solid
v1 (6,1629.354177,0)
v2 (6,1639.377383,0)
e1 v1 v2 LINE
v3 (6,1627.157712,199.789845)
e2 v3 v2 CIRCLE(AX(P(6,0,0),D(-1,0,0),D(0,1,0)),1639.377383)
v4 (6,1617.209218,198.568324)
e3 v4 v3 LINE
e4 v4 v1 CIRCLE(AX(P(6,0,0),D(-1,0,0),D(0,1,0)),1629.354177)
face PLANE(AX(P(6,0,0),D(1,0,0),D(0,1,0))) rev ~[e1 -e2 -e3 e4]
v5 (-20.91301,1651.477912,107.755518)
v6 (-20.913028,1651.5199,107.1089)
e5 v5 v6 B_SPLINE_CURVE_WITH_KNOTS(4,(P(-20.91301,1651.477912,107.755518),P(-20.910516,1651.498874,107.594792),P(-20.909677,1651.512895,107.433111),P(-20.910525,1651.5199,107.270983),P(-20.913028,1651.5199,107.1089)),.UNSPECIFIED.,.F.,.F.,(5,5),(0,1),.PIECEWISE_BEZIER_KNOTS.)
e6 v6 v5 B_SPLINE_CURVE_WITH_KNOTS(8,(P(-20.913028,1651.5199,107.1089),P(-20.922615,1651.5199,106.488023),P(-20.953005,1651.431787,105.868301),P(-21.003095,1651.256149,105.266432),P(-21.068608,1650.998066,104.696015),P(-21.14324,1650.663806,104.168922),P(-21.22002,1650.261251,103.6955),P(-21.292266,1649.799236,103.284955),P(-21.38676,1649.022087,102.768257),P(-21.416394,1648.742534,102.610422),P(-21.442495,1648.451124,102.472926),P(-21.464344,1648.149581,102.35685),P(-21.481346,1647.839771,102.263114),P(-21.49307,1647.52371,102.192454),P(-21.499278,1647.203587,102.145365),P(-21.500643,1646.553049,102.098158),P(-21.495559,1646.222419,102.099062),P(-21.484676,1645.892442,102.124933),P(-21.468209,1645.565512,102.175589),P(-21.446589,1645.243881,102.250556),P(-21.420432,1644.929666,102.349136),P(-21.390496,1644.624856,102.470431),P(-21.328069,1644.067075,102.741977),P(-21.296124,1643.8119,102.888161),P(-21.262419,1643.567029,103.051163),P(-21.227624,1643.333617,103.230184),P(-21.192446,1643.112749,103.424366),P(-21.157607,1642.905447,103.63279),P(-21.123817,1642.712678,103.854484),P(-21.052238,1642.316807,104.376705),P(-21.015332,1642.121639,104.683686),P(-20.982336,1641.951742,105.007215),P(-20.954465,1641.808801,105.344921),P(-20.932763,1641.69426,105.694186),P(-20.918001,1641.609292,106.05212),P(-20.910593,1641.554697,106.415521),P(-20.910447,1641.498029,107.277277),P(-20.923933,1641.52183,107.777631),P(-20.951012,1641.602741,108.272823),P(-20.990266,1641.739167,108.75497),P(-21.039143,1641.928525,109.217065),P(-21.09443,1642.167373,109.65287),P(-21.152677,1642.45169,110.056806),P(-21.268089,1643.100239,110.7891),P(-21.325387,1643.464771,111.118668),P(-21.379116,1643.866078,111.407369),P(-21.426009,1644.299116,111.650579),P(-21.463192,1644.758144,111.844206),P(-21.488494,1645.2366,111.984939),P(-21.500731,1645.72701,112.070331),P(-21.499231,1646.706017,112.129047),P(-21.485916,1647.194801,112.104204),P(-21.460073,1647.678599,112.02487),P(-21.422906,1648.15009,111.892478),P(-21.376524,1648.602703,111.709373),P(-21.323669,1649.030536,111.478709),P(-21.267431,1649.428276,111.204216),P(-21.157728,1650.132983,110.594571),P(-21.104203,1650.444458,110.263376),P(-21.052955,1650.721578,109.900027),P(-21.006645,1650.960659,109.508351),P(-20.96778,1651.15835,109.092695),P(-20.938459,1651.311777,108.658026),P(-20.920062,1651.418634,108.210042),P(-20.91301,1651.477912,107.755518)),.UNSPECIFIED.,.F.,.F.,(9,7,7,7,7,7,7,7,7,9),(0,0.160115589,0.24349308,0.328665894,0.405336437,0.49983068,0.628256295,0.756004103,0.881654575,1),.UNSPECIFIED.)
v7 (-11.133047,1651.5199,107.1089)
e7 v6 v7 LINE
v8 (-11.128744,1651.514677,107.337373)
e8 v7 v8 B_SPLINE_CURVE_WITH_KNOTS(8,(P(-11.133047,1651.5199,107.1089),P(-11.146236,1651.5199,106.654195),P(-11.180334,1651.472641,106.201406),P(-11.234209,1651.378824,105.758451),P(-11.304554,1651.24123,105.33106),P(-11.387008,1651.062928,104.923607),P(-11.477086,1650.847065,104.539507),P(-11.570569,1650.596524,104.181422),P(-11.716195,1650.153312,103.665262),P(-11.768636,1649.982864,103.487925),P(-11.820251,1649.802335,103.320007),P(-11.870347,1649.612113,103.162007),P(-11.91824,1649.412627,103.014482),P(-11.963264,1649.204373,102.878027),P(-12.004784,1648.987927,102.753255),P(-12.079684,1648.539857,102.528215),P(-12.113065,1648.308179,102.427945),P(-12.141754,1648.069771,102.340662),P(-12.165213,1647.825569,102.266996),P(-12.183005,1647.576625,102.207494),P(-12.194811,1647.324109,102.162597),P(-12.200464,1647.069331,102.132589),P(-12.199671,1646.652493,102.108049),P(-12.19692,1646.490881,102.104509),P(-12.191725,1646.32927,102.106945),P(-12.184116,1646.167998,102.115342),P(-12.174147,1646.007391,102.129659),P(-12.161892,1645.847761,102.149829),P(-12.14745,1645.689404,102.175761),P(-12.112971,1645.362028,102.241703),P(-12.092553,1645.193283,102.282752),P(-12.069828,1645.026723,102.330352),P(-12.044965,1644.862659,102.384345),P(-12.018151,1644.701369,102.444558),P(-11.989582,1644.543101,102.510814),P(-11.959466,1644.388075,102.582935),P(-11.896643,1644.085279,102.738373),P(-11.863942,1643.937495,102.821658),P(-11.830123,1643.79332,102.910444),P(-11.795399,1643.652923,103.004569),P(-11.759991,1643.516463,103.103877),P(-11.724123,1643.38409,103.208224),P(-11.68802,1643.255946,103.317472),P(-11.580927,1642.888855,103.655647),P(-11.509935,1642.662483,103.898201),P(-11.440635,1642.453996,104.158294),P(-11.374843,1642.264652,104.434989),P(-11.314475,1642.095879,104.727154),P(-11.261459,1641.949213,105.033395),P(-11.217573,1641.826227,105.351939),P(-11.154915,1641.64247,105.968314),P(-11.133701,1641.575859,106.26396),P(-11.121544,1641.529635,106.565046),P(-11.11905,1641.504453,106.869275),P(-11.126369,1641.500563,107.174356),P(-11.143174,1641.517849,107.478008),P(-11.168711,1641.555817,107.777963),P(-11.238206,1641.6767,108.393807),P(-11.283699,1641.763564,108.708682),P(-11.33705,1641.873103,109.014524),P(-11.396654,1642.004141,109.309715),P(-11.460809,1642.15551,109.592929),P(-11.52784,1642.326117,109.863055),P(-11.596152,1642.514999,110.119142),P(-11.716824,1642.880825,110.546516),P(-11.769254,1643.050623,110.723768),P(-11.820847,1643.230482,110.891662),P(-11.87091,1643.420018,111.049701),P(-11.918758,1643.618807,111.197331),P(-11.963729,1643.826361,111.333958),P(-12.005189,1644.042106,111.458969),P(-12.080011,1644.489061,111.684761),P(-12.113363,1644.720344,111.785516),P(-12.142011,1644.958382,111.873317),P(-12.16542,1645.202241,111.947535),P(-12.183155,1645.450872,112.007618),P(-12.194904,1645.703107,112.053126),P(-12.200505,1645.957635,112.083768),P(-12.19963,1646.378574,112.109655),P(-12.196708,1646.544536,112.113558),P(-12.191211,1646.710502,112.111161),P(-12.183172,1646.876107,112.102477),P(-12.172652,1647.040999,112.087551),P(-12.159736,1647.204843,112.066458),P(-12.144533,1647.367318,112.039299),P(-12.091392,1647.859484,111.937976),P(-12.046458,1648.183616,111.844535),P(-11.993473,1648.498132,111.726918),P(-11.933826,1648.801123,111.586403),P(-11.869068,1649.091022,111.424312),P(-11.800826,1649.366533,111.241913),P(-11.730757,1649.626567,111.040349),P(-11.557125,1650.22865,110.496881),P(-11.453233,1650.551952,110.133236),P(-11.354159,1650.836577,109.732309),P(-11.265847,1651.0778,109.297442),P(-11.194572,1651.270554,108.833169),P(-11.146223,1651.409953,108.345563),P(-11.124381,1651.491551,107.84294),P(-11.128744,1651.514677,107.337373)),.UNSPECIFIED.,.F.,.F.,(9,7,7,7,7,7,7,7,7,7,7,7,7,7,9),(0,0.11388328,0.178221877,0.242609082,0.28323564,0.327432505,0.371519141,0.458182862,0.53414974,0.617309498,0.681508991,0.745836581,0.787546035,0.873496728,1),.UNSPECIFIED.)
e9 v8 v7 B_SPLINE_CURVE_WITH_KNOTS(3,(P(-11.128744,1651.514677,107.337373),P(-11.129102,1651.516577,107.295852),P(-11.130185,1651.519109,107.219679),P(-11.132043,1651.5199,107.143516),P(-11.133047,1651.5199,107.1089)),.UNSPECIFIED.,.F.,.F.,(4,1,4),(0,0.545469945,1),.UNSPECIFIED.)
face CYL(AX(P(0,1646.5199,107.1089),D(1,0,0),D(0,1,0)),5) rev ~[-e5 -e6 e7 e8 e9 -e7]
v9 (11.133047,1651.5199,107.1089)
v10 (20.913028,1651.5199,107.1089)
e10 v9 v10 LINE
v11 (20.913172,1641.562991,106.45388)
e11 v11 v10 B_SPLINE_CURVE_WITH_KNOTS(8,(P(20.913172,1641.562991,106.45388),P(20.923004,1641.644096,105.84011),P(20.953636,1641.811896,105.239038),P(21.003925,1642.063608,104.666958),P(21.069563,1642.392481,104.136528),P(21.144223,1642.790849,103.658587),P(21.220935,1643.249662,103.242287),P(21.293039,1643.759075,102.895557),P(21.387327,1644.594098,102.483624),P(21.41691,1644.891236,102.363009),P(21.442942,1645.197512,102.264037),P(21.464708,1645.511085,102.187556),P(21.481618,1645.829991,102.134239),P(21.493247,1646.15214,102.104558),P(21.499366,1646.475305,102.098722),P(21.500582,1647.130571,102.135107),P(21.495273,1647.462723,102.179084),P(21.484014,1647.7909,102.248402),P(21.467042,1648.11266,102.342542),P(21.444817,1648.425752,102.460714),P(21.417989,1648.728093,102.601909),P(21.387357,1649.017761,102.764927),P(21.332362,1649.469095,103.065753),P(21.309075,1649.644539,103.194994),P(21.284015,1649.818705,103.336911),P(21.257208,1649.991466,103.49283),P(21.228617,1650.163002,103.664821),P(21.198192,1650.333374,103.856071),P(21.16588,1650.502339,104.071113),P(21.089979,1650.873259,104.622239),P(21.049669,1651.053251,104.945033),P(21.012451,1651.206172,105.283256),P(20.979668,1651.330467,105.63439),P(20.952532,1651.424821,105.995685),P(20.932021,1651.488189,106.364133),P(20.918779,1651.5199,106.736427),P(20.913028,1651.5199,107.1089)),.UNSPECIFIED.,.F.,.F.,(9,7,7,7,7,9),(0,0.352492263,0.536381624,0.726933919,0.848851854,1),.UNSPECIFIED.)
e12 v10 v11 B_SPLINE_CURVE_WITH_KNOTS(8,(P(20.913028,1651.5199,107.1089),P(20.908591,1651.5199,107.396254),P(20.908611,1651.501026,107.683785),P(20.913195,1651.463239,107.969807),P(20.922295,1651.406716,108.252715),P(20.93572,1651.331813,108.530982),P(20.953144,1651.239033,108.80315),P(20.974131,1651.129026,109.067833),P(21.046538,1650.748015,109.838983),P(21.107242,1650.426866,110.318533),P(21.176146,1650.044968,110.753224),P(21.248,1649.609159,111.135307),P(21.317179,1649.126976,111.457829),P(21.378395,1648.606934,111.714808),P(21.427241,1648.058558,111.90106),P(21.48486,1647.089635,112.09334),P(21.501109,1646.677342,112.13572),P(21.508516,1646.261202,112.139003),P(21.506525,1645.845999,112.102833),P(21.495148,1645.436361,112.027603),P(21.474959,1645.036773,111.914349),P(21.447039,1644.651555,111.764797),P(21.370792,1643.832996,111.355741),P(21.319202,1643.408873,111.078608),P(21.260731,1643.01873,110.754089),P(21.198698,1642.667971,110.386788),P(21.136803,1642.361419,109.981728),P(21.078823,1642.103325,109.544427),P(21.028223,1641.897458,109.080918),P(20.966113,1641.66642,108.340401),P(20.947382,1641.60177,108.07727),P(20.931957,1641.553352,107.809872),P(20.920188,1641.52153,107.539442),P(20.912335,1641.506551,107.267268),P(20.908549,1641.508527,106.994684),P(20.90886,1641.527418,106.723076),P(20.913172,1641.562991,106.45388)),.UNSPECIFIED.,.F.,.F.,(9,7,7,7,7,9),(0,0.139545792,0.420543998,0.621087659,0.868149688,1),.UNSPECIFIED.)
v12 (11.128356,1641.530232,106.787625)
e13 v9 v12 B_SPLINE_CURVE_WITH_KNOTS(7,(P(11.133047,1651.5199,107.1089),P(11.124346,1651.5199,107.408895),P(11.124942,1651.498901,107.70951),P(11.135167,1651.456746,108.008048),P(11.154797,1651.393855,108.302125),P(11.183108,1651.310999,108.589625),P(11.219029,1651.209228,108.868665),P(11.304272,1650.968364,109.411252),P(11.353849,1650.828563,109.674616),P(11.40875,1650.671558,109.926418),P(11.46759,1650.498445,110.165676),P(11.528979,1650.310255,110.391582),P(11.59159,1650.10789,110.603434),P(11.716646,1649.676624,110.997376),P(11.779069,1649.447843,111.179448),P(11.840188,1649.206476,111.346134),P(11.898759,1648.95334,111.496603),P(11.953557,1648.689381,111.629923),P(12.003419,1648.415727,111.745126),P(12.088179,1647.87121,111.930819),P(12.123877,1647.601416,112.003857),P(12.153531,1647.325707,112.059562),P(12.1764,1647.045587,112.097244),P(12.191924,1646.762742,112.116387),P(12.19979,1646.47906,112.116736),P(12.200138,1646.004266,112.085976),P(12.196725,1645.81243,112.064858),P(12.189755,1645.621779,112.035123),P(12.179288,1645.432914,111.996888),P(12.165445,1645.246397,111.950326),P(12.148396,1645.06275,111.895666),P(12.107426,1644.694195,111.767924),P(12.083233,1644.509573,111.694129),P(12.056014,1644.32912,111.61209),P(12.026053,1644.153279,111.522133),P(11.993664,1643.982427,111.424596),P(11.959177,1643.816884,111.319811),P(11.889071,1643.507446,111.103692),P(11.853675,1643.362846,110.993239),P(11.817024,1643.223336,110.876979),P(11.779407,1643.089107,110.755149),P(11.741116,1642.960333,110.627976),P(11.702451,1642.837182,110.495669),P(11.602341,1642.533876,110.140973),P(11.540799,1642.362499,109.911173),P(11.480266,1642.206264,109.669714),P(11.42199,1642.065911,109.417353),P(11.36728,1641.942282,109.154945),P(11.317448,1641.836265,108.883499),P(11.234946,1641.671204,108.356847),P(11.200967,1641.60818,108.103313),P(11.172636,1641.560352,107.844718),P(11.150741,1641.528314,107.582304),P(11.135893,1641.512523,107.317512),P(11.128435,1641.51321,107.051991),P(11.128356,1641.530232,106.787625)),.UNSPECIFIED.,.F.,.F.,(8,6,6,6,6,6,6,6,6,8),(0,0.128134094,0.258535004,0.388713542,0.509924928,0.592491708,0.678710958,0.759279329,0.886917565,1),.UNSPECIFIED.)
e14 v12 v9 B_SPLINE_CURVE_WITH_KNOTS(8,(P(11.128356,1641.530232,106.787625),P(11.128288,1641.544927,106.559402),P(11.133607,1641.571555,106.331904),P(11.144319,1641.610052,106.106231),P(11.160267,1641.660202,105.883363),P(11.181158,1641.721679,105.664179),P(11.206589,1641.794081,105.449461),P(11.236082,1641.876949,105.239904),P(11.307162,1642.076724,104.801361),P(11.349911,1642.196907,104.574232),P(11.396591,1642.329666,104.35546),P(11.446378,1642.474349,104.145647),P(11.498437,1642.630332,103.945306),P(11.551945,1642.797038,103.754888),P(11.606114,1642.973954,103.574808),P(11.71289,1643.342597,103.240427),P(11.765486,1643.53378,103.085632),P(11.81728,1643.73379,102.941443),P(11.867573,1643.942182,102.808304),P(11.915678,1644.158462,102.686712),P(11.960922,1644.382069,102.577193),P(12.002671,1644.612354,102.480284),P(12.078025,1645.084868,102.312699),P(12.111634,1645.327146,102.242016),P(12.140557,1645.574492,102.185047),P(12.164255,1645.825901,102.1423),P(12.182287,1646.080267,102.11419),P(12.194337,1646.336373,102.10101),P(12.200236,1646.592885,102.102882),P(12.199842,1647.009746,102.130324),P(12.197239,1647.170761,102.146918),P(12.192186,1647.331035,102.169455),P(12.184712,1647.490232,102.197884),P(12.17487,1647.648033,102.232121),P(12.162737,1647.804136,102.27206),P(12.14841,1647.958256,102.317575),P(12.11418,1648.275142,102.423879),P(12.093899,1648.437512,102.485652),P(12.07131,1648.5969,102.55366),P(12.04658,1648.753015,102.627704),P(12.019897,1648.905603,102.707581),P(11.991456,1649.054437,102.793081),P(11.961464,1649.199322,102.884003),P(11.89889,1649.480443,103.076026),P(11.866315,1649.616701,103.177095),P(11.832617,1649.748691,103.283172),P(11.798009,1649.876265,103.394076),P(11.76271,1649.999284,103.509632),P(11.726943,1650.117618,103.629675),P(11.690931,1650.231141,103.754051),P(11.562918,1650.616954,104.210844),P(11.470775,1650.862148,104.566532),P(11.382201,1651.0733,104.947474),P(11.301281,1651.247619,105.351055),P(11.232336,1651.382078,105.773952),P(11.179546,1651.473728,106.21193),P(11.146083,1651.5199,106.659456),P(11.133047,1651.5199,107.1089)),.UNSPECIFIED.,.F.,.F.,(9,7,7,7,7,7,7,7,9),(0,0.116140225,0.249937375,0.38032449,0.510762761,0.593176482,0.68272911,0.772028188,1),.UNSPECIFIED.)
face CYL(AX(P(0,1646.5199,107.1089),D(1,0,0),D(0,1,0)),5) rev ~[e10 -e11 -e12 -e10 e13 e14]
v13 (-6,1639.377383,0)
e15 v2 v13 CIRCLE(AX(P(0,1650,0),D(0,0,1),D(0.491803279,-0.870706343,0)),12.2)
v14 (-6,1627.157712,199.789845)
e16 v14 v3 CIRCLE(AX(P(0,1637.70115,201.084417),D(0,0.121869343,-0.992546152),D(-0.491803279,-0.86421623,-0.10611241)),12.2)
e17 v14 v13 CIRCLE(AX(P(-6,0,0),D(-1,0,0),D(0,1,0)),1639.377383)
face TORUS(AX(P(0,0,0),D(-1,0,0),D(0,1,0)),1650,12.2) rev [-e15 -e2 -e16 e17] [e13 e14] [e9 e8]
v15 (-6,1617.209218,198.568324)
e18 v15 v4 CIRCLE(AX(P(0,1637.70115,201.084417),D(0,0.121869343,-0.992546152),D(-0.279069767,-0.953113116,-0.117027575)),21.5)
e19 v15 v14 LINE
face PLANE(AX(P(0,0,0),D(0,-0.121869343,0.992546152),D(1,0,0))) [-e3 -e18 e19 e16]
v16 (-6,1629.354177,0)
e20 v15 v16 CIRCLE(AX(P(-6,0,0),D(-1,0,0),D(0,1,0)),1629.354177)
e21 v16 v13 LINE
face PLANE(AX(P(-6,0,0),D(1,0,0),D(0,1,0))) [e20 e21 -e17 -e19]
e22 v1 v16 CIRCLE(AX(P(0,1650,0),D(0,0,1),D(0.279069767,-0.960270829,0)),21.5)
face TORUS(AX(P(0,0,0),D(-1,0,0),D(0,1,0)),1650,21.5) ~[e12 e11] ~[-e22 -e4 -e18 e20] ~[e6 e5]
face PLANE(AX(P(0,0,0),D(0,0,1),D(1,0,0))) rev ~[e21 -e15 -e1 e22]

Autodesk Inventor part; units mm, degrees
ref_plane "YZ Plane" through (0, 0, 0) normal (1, 0, 0) x (0, 1, 0)
ref_plane "XZ Plane" through (0, 0, 0) normal (0, 1, 0) x (-1, 0, 0)
ref_plane "XY Plane" through (0, 0, 0) normal (0, 0, 1) x (1, 0, 0)
sketch "Sketch1" plane through (0, 0, 0) normal (1, 0, 0) x (0, 1, 0)
  circle A0 centre (0, 0) radius 1650
  dimension "d0" = 3300
sketch "Sketch2" plane through (0, 0, 0) normal (0, 0, 1) x (1, 0, 0)
  circle A0 centre (0, 1650) radius 21.5
  circle A1 centre (0, 1650) radius 12.2
  line L0 (-30.1, 0) -> (30.1, 0) projected
  point P0 (0, 0)
  dimension "d1" = 1650
  dimension "d2" = 0
  dimension "d3" = 43
  dimension "d4" = 9.3
revolve "Revolution1" add sketch "Sketch2" angle 7 about axis through (-10, 0, 0) along (1, 0, 0)
sketch "Sketch3" plane through (0, 0, 0) normal (1, 0, 0) x (0, 1, 0)
  line L0 (1642.6517, 530.7226) -> (1398.8963, 530.7226)
  line L1 (1398.8963, 530.7226) -> (1398.8963, -338.3635)
  line L2 (1398.8963, -338.3635) -> (1642.6517, -338.3635)
  line L3 (1642.6517, -338.3635) -> (1642.6517, 530.7226)
  point P0 (0, 0)
extrude "Extrusion1" cut sketch "Sketch3" against normal mid plane 12
sketch "Sketch4" plane through (0, 0, 0) normal (1, 0, 0) x (0, 1, 0)
  circle A0 centre (0, 0) radius 1650
  circle A1 centre (1646.5199, 107.1089) radius 5
  dimension "d8" = 3300
  dimension "d9" = 10
extrude "Extrusion2" cut sketch "Sketch4" along normal mid plane 100 contours A1 A0 | A0 A1 picked at (1644.8813, 106.8012) picked at (1648.186, 107.1089)
equation "\"d0\" = hoop_radius_large"
equation "\"d1\" = 0.5 * d0"
equation "\"d3\" = od"
equation "\"d4\" = t"
equation "\"d8\" = hoop_radius_large"
equation "\"hoop_radius_large\" = 3300"
equation "\"hoop_width_large\" = 51"
equation "\"hoop_thickness_large\" = 4"
equation "\"hoop_width_medium\" = 33.7"
equation "\"hoop_bushing12_od\" = -2 * hoop_thickness_large + hoop_width_large + hoop_bushing12_radialInterference"
equation "\"hoop_bushing12_radialInterference\" = 0"
equation "\"hoop_angle_z\" = 45deg"
equation "\"hoop_bearing_length\" = 5deg"
equation "\"hoop_cable_diam\" = 5"
equation "\"hoop_cable_pulley_diam\" = 22"
equation "\"hoop_thickness_medium\" = 3.2"
equation "\"hoop_thickness_small\" = 2"
equation "\"hoop_bushing12_thickness\" = -hoop_width_medium + hoop_bushing12_od - 2 * hoop_bushing12_radialInterference"
equation "\"hoop_bushing23_od\" = -2 * hoop_thickness_medium + hoop_width_medium + hoop_bushing23_radialInterference"
equation "\"hoop_bushing23_radialInterference\" = 0"
equation "\"hoop_bushing23_thickness\" = -hoop_width_small + hoop_bushing23_od - 2 * hoop_bushing23_radialInterference"
equation "\"hoop_tabs_hole\" = 12"
equation "\"hoop_tabs_thickness\" = 6"
equation "\"hoop_width_small\" = 25.4"
equation "\"rack_tooth_addendum\" = 5"
equation "\"rack_tooth_dedendum\" = 5"
equation "\"rack_tooth_thickness\" = 5"
equation "\"secure_arm_angle\" = 35deg"
equation "\"secure_arm_radii\" = 9"
equation "\"sm_varx_member_tolerance\" = 0"
equation "\"sm_varx_pinPlate_holeDiameter\" = 5"
equation "\"sm_varx_pinPlate_thickness\" = 5"
equation "\"sm_varx_squareBarThickness\" = 2.5"
equation "\"support_baseClamp_platformLengthBuffer\" = 35"
equation "\"support_baseClamp_platformThickness\" = 15"
equation "\"support_baseClamp_platformWidthBuffer\" = 0"
equation "\"support_baseClamp_sleeveHoleDiameter\" = 12"
equation "\"support_baseClamp_sleeveSweepTerminationAngle\" = 55deg"
equation "\"support_baseClamp_thickness\" = 8"
equation "\"support_frame_endHoleBuffer\" = 45"
equation "\"support_frame_squareBarFillet\" = 2"
equation "\"support_frame_squareBarThickness\" = 5"
equation "\"wheelchair_deployed_height\" = 914"
equation "\"wheelchair_deployed_length\" = 1067"
equation "\"wheelchair_deployed_width\" = 635"
equation "\"od\" = hoop_bushing12_od"
equation "\"t\" = hoop_bushing12_thickness"
equation "\"wheelchatir_pos_deploy_angle_0\" = 65deg"
equation "\"wheelchatir_pos_store_angle_0\" = 90deg"
equation "\"wheelchatir_pos_deploy_angle_1\" = 20deg"
equation "\"wheelchatir_pos_store_angle_1\" = 20deg"
properties part number "large_bearings" material "Polyurethane"
